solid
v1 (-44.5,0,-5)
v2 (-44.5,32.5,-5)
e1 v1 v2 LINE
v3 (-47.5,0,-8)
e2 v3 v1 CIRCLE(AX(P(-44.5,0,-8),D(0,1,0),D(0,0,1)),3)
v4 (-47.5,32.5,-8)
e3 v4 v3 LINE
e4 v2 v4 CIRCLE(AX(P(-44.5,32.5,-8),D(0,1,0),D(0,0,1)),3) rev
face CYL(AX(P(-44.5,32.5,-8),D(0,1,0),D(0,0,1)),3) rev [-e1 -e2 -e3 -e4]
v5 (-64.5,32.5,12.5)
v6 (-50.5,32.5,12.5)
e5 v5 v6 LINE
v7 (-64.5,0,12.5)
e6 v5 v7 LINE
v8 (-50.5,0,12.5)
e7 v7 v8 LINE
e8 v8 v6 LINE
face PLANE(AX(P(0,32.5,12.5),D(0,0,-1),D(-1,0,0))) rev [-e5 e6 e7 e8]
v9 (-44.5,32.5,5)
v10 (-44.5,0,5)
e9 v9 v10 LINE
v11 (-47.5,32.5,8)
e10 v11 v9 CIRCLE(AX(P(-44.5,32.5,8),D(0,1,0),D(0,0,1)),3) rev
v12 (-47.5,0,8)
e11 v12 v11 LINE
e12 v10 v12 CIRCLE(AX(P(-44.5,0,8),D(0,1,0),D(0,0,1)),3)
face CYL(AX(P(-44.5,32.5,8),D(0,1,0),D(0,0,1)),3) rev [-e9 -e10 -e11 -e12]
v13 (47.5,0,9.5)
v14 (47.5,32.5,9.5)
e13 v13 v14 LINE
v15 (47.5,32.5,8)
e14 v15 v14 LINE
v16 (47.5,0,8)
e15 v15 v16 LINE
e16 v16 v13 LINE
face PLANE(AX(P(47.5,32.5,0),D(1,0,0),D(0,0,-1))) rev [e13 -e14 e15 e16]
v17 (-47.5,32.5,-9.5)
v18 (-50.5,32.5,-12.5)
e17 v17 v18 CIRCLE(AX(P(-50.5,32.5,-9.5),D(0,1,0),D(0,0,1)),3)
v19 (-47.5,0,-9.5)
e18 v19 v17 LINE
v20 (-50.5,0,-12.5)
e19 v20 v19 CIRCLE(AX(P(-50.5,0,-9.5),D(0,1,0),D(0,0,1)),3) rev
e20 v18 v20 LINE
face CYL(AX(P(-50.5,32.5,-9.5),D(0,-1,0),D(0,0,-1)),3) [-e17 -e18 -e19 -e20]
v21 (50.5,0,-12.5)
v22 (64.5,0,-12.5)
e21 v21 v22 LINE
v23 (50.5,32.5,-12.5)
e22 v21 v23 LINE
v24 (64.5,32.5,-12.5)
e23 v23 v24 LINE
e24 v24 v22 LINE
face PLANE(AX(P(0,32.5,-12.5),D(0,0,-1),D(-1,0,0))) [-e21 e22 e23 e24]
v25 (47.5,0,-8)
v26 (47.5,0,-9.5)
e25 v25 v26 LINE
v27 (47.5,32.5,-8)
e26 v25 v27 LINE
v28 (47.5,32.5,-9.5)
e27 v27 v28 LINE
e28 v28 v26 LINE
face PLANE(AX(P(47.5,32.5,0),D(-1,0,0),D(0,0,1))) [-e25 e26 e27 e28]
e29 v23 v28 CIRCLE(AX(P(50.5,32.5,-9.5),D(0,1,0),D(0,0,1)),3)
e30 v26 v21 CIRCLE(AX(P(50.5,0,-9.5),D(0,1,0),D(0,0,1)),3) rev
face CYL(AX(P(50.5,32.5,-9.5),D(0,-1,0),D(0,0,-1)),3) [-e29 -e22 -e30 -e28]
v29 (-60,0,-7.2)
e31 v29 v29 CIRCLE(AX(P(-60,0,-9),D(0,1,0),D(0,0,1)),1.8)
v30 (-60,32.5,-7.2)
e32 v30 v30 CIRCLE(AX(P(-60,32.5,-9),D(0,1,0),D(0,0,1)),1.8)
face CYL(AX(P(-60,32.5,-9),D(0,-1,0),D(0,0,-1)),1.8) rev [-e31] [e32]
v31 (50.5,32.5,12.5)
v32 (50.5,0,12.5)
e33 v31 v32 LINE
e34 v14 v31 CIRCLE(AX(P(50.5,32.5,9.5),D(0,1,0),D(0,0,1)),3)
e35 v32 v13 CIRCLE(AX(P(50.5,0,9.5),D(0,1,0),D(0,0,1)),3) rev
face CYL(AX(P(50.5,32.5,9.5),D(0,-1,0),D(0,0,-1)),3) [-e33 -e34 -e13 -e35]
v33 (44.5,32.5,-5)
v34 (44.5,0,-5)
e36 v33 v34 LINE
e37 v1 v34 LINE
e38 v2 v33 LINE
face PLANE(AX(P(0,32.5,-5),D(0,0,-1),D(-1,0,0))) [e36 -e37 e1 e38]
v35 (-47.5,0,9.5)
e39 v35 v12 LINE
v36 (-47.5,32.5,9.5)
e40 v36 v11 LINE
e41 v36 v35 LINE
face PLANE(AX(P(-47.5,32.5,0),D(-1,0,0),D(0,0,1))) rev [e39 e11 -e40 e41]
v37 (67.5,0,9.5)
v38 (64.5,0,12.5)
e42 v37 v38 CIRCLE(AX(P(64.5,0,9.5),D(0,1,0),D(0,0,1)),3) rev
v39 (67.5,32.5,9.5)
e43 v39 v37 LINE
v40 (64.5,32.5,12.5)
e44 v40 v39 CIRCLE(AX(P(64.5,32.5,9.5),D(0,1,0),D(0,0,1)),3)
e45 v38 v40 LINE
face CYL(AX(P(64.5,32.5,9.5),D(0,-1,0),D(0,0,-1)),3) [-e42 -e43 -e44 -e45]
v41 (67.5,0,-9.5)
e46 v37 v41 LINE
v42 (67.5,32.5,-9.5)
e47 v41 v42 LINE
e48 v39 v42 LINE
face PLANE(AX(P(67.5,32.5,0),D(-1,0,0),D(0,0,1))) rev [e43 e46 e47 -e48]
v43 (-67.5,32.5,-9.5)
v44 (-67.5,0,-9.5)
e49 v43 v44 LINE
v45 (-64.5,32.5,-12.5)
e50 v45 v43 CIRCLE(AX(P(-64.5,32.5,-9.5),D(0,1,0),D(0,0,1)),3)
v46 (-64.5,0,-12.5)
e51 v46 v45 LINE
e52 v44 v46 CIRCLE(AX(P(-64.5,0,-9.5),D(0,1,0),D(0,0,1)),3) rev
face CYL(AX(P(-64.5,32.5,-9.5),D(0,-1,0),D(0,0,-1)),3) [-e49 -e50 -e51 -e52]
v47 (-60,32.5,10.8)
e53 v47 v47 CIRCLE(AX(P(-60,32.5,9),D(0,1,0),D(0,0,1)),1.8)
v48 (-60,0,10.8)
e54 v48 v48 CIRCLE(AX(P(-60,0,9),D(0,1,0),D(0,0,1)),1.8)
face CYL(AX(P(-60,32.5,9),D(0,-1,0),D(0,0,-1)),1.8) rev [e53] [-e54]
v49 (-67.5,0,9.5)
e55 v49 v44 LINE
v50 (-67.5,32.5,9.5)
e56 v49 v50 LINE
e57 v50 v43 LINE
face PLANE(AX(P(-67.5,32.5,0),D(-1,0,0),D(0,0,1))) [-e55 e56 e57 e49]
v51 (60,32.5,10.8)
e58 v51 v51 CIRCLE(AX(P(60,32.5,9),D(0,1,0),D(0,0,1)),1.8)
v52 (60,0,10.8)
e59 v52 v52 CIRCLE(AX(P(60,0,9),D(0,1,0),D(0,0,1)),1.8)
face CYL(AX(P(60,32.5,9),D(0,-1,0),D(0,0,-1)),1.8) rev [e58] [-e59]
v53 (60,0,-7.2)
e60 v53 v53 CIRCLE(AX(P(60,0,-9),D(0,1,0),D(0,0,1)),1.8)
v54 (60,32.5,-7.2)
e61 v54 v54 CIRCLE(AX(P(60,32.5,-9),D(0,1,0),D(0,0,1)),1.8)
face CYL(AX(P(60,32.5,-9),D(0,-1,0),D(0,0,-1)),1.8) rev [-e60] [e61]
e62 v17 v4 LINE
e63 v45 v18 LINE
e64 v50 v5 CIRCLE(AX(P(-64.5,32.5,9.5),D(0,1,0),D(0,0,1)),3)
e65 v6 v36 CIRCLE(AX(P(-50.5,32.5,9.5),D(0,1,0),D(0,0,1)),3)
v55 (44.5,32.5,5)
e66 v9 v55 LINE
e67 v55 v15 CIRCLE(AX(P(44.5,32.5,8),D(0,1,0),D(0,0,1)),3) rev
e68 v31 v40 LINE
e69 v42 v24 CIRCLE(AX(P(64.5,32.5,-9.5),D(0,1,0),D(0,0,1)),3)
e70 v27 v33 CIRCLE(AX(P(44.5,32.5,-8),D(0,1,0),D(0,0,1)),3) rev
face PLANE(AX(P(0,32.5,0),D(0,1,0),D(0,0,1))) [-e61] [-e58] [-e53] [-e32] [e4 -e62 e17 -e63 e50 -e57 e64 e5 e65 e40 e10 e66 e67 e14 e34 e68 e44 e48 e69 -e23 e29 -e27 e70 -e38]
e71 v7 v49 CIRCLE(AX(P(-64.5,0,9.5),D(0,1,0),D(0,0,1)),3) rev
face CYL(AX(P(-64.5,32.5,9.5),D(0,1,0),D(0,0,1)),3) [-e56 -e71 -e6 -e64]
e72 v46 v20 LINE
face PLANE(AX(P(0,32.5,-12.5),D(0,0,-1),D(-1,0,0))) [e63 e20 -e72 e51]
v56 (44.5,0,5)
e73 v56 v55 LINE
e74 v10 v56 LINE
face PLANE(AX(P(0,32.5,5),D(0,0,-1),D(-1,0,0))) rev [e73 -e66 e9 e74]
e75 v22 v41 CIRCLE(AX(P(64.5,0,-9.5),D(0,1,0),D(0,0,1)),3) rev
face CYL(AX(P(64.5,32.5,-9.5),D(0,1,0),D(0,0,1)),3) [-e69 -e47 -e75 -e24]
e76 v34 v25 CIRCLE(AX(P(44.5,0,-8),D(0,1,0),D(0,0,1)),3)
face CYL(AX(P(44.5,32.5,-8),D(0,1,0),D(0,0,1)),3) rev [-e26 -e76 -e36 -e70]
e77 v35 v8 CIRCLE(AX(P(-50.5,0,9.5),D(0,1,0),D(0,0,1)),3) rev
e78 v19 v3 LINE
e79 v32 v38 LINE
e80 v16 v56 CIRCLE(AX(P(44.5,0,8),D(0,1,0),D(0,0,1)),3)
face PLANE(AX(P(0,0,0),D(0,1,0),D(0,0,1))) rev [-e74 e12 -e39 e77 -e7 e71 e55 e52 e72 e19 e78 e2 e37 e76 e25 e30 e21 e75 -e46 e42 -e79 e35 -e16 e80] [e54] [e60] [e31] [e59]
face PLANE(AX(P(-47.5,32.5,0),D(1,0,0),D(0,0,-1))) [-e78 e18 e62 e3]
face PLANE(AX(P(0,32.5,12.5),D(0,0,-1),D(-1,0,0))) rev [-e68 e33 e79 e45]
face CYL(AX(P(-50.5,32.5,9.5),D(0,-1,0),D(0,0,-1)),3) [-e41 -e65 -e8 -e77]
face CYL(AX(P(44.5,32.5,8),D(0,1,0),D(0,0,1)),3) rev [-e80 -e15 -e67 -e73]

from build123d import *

# Parameters (mm, degrees)
SKETCH_1_R      = 1.8
EXTRUDE_1_DEPTH = 32.5
FILLET_1_R      = 3


with BuildPart() as part:
    # 草图1 → 凸台-拉伸1 (new body)
    with BuildSketch(Plane(origin=(0, 0, 0), x_dir=(1, 0, 0), z_dir=(0, 1, 0))):
        Polygon((-67.5, 12.5), (-67.5, -12.5), (-47.5, -12.5), (-47.5, -5), (47.5, -5), (47.5, -12.5), (67.5, -12.5), (67.5, 12.5), (47.5, 12.5), (47.5, 5), (-47.5, 5), (-47.5, 12.5), align=None)
        with Locations(Location((-60, -9, 0), (0, 0, 270))):
            Circle(SKETCH_1_R, mode=Mode.SUBTRACT)
        with Locations(Location((60, -9, 0), (0, 0, 270))):
            Circle(SKETCH_1_R, mode=Mode.SUBTRACT)
        with Locations(Location((-60, 9, 0), (0, 0, 270))):
            Circle(SKETCH_1_R, mode=Mode.SUBTRACT)
        with Locations(Location((60, 9, 0), (0, 0, 270))):
            Circle(SKETCH_1_R, mode=Mode.SUBTRACT)
    extrude(amount=EXTRUDE_1_DEPTH)

    # 圆角1
    fillet_1_edges = [part.edges().sort_by_distance(p)[0] for p in [
        (47.5, 16.25, -12.5),
        (67.5, 16.25, -12.5),
        (67.5, 16.25, 12.5),
        (47.5, 16.25, 12.5),
        (47.5, 16.25, 5),
        (-47.5, 16.25, 5),
        (-47.5, 16.25, 12.5),
        (-67.5, 16.25, 12.5),
        (-67.5, 16.25, -12.5),
        (-47.5, 16.25, -12.5),
        (-47.5, 16.25, -5),
        (47.5, 16.25, -5),
    ]]
    fillet(fillet_1_edges, radius=FILLET_1_R)


solid = part.part
